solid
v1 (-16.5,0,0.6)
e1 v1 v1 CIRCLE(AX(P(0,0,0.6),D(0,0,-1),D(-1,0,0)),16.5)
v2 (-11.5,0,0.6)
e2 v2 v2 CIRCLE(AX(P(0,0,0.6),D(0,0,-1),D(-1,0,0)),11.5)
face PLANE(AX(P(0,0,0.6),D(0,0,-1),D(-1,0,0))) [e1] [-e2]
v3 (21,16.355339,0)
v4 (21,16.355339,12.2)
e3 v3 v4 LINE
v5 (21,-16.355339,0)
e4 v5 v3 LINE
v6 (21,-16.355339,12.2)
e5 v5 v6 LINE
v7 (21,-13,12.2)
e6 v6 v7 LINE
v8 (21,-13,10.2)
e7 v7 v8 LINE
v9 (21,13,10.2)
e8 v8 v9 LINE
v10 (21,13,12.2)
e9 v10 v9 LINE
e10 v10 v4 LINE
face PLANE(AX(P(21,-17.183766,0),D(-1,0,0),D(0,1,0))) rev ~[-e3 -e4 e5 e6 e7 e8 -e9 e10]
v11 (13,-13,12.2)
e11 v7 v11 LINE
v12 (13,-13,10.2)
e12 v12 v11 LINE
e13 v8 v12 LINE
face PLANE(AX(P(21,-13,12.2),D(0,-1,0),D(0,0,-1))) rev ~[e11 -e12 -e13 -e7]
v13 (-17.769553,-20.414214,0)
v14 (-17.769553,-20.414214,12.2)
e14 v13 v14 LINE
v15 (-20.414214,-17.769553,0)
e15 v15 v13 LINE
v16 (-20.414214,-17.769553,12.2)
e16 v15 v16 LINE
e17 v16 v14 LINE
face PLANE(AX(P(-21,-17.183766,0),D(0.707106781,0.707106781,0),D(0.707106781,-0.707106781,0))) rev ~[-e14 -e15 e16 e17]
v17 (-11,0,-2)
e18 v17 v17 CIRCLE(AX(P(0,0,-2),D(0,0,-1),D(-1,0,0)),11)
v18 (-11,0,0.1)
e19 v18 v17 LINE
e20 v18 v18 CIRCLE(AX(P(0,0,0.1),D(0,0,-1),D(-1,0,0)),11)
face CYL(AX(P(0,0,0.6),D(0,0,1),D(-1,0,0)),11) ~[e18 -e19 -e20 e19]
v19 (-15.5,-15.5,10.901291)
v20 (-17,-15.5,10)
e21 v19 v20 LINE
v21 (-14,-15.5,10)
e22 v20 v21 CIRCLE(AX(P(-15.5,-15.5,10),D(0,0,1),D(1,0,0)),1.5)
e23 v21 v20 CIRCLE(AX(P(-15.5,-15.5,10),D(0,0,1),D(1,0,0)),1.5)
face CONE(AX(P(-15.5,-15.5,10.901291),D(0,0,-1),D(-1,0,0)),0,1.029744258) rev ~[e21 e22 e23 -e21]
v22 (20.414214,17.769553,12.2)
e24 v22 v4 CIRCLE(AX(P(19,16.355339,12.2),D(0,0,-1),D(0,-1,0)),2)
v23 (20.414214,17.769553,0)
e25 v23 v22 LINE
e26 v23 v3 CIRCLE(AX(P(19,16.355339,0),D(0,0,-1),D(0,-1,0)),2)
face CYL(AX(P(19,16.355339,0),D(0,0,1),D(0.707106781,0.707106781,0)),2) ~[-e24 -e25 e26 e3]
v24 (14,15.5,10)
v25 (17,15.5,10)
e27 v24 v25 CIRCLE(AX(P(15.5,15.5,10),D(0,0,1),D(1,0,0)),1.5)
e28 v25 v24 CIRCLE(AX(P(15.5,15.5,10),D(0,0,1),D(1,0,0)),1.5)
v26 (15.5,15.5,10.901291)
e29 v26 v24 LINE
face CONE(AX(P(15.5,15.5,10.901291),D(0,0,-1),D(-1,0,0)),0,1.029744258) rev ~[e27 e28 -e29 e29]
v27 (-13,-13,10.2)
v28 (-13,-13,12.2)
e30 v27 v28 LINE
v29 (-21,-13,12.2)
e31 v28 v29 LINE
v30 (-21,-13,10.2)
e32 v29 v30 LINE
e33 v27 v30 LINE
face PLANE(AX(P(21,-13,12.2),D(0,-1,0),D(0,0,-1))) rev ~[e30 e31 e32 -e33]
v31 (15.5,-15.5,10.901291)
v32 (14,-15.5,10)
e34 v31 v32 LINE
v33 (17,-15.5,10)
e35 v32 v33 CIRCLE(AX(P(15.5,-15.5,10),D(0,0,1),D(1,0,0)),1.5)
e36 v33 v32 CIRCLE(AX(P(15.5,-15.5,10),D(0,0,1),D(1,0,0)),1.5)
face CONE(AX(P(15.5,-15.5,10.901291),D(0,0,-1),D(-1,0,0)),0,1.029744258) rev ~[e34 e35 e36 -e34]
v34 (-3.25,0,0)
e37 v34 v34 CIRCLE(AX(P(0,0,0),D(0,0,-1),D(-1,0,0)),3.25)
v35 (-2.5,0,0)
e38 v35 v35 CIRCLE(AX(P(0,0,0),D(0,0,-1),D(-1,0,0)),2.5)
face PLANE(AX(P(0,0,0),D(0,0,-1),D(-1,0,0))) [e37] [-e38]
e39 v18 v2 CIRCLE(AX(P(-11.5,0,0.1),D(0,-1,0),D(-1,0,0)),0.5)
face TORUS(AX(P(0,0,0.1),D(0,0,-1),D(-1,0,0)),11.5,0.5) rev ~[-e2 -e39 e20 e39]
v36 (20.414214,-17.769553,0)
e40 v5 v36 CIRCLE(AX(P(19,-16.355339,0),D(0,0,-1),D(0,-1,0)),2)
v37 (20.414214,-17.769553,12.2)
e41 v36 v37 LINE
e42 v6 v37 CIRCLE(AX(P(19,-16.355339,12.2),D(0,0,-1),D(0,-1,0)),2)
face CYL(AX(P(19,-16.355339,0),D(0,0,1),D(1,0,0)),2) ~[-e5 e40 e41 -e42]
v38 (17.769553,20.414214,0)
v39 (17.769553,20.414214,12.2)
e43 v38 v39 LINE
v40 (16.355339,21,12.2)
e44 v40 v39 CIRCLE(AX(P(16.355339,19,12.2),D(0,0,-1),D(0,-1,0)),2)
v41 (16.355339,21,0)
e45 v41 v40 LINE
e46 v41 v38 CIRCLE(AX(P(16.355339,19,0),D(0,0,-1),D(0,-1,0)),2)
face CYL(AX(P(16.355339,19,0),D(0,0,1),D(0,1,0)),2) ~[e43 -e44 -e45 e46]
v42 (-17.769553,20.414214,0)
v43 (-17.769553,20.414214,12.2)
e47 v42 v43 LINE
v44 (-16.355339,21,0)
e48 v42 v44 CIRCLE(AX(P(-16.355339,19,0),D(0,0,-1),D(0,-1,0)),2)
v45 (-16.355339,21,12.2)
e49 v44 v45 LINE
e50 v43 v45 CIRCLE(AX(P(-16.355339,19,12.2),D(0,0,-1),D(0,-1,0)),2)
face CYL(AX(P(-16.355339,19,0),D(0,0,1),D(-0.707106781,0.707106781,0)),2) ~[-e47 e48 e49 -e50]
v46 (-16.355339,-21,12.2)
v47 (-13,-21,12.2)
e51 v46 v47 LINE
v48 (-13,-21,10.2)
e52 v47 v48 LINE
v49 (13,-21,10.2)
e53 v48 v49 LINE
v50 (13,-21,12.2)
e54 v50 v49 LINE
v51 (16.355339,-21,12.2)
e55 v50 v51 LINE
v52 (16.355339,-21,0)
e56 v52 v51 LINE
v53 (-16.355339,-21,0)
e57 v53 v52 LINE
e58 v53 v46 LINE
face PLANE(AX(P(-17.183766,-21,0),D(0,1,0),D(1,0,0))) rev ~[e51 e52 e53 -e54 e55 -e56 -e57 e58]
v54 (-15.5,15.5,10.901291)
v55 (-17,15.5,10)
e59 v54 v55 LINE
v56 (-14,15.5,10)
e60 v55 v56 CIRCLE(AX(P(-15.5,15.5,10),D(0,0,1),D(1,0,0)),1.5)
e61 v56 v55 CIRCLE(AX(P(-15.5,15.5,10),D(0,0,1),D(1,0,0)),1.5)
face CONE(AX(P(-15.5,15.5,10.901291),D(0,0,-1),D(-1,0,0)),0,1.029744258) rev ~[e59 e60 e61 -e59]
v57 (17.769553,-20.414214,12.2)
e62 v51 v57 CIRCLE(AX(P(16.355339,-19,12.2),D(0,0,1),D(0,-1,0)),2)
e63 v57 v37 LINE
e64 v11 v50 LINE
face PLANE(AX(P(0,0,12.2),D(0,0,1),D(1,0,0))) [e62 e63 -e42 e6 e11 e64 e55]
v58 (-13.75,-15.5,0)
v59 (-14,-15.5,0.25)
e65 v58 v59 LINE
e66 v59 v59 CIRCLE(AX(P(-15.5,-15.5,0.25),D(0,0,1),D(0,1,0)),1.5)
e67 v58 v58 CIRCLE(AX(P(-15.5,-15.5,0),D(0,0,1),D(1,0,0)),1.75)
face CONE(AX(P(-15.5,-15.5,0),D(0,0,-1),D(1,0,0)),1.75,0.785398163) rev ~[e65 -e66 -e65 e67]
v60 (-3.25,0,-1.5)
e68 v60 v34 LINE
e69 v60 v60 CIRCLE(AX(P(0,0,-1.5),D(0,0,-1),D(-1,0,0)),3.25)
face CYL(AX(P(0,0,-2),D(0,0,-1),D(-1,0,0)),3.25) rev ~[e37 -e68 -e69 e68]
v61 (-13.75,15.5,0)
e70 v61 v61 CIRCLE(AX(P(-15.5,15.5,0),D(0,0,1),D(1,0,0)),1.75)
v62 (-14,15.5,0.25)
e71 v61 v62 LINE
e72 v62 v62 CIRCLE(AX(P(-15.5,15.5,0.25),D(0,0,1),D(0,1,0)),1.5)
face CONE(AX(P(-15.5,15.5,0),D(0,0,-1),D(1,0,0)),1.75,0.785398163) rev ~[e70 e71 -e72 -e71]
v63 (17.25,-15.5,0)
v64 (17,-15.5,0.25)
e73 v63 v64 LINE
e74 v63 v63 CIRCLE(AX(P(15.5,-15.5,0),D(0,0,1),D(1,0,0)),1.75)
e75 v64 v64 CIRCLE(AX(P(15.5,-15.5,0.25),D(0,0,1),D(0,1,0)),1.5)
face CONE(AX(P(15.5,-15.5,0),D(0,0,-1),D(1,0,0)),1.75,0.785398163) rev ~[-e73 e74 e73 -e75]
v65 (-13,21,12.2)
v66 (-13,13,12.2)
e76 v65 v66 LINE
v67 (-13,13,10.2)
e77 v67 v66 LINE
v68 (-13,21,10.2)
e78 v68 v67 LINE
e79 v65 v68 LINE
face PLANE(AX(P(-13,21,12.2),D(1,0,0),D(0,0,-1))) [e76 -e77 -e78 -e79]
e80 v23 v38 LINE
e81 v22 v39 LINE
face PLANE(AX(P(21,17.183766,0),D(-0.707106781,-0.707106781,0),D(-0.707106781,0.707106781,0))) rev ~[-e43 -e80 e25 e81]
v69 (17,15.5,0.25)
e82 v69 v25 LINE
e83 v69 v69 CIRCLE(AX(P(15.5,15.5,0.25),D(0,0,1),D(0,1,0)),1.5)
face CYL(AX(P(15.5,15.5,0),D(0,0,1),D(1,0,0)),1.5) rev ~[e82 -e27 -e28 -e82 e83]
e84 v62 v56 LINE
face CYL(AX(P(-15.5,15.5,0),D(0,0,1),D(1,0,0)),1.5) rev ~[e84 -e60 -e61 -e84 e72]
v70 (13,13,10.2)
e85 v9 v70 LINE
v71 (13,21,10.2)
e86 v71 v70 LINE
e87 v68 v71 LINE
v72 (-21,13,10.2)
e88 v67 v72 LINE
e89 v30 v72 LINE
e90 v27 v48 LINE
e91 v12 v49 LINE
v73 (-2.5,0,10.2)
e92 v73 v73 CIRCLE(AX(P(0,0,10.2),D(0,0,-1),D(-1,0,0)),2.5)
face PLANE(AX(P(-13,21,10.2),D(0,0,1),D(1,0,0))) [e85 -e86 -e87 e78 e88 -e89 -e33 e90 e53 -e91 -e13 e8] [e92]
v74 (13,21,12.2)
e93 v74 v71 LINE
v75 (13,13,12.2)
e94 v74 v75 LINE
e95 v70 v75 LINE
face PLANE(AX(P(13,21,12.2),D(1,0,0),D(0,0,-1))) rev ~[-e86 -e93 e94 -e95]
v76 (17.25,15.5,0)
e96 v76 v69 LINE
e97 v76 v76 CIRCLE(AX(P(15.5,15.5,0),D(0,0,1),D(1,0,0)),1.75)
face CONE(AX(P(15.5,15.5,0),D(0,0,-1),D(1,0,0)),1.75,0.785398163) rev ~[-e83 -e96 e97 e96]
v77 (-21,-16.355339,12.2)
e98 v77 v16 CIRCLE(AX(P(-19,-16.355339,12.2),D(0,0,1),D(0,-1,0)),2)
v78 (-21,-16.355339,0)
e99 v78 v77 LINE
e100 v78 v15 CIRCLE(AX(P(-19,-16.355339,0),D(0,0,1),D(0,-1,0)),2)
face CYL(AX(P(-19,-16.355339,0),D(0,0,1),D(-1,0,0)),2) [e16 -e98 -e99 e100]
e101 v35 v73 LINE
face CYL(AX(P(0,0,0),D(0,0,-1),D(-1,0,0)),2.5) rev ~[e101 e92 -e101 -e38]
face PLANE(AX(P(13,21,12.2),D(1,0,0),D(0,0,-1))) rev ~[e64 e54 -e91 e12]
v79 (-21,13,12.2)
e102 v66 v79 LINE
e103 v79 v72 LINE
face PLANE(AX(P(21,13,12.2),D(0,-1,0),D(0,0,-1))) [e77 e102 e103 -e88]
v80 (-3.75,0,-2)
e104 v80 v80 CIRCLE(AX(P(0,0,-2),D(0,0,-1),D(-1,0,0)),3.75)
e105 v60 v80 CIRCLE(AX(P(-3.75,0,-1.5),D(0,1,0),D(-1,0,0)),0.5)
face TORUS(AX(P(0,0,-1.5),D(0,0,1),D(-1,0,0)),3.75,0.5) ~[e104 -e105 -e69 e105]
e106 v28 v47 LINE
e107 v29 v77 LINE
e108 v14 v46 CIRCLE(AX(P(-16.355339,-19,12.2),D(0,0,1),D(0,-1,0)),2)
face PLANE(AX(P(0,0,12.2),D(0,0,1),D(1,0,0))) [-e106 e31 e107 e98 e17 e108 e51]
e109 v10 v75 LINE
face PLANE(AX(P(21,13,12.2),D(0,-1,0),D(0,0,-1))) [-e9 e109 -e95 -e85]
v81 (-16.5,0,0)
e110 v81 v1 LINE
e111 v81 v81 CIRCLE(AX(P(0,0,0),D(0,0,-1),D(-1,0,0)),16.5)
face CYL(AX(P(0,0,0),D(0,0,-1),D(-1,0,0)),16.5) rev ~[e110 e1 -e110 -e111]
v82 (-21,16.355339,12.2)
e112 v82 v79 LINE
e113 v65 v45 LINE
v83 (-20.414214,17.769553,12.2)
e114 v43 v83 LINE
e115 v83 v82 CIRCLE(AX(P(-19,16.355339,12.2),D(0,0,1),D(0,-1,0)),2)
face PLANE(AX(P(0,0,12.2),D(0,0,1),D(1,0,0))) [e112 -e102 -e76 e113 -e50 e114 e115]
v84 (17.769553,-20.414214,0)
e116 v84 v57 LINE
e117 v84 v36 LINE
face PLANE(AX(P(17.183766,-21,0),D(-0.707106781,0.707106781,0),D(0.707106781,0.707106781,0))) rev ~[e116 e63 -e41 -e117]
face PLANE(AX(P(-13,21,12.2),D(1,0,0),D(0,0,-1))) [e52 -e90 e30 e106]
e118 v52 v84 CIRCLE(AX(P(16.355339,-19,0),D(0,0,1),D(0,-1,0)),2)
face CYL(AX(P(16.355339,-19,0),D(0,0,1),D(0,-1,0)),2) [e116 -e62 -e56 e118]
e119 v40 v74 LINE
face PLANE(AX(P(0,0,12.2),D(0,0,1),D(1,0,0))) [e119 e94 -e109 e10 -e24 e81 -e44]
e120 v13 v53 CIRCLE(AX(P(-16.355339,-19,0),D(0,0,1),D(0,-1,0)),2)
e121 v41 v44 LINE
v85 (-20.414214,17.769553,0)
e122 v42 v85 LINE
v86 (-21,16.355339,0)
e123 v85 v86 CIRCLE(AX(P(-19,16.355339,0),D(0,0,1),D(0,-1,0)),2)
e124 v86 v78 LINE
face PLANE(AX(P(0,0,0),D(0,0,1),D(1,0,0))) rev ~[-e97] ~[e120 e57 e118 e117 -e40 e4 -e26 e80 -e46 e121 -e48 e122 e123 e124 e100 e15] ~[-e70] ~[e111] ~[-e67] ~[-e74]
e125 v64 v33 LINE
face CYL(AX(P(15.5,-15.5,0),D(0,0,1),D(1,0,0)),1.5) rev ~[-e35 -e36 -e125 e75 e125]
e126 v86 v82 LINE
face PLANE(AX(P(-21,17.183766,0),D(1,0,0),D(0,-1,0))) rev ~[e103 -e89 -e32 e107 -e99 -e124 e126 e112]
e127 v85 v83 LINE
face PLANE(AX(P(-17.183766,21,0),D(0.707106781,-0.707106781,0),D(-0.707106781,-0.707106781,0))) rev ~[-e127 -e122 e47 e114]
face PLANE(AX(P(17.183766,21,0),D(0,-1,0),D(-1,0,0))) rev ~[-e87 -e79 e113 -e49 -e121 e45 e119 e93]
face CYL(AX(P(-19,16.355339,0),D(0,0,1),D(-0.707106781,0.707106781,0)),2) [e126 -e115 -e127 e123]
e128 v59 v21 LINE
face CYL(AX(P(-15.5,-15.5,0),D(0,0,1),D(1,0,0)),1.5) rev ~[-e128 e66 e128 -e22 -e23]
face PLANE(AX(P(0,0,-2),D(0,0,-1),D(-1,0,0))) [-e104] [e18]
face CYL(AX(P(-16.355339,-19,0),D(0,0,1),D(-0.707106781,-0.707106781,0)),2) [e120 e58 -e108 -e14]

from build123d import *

# Parameters (mm, degrees)
BOSS_EXTRUDE1_DEPTH             = 12.2
SKETCH2_W                       = 2
SKETCH2_H                       = 26
CUT_EXTRUDE1_DEPTH              = 43
SKETCH3_W                       = 26
SKETCH3_H                       = 2
CUT_EXTRUDE2_DEPTH              = 43
SKETCH4_R                       = 16.5
CUT_EXTRUDE3_DEPTH              = 0.6
SKETCH5_R                       = 11
BOSS_EXTRUDE2_DEPTH             = 2.6
SKETCH6_R                       = 3.25
CUT_EXTRUDE4_DEPTH              = 2
SKETCH7_R                       = 2.5
CUT_EXTRUDE5_DEPTH              = 13.2
FILLET1_R                       = 0.5
FILLET3_R                       = 0.5
FILLET4_R                       = 2
M3X0_5_TAPPED_HOLE1_D           = 3
M3X0_5_TAPPED_HOLE1_DEPTH       = 10
M3X0_5_TAPPED_HOLE1_CSINK_D     = 3.5
M3X0_5_TAPPED_HOLE1_CSINK_ANGLE = 90
M3X0_5_TAPPED_HOLE1_TIP         = 0.901290929


with BuildPart() as part:
    # Sketch1 → Boss-Extrude1 (new body)
    with BuildSketch(Plane.XY):
        Polygon((-17.183766184, 21), (-21, 17.183766184), (-21, -17.183766184), (-17.183766184, -21), (17.183766184, -21), (21, -17.183766184), (21, 17.183766184), (17.183766184, 21), align=None)
    extrude(amount=BOSS_EXTRUDE1_DEPTH)

    # Sketch2 → Cut-Extrude1 (cut, through all)
    with BuildSketch(Plane(origin=(21, 0, 0), x_dir=(0, 0, -1), z_dir=(1, 0, 0))):
        with Locations((-11.2, 0)):
            Rectangle(SKETCH2_W, SKETCH2_H)
    extrude(amount=-CUT_EXTRUDE1_DEPTH, mode=Mode.SUBTRACT)

    # Sketch3 → Cut-Extrude2 (cut, through all)
    with BuildSketch(Plane(origin=(0, 21, 0), x_dir=(1, 0, 0), z_dir=(0, 1, 0))):
        with Locations((0, -11.2)):
            Rectangle(SKETCH3_W, SKETCH3_H)
    extrude(amount=-CUT_EXTRUDE2_DEPTH, mode=Mode.SUBTRACT)

    # Sketch4 → Cut-Extrude3 (cut)
    with BuildSketch(Plane(origin=(0, 0, 0), x_dir=(-1, 0, 0), z_dir=(0, 0, -1))):
        Circle(SKETCH4_R)
    extrude(amount=-CUT_EXTRUDE3_DEPTH, mode=Mode.SUBTRACT)

    # Sketch5 → Boss-Extrude2 (add)
    with BuildSketch(Plane(origin=(0, 0, 0.6), x_dir=(-1, 0, 0), z_dir=(0, 0, -1))):
        Circle(SKETCH5_R)
    extrude(amount=BOSS_EXTRUDE2_DEPTH)

    # Sketch6 → Cut-Extrude4 (cut)
    with BuildSketch(Plane(origin=(0, 0, -2), x_dir=(-1, 0, 0), z_dir=(0, 0, -1))):
        Circle(SKETCH6_R)
    extrude(amount=-CUT_EXTRUDE4_DEPTH, mode=Mode.SUBTRACT)

    # Sketch7 → Cut-Extrude5 (cut, through all)
    with BuildSketch(Plane(origin=(0, 0, 0), x_dir=(-1, 0, 0), z_dir=(0, 0, -1))):
        Circle(SKETCH7_R)
    extrude(amount=-CUT_EXTRUDE5_DEPTH, mode=Mode.SUBTRACT)

    # Fillet1
    fillet1_edges = [part.edges().sort_by_distance(p)[0] for p in [
        (3.25, 0, -2),
    ]]
    fillet(fillet1_edges, radius=FILLET1_R)

    # Fillet3
    fillet3_edges = [part.edges().sort_by_distance(p)[0] for p in [
        (11, 0, 0.6),
    ]]
    fillet(fillet3_edges, radius=FILLET3_R)

    # Fillet4
    fillet4_edges = [part.edges().sort_by_distance(p)[0] for p in [
        (17.183766184, 21, 6.1),
        (21, 17.183766184, 6.1),
        (21, -17.183766184, 6.1),
        (17.183766184, -21, 6.1),
        (-17.183766184, -21, 6.1),
        (-21, -17.183766184, 6.1),
        (-21, 17.183766184, 6.1),
        (-17.183766184, 21, 6.1),
    ]]
    fillet(fillet4_edges, radius=FILLET4_R)

    # M3x0.5 Tapped Hole1
    with Locations(Plane(origin=(0, 0, 0), x_dir=(-1, 0, 0), z_dir=(0, 0, -1))):
        with Locations((-15.5, -15.5), (-15.5, 15.5), (15.5, 15.5), (15.5, -15.5)):
            CounterSinkHole(M3X0_5_TAPPED_HOLE1_D / 2, M3X0_5_TAPPED_HOLE1_CSINK_D / 2, depth=M3X0_5_TAPPED_HOLE1_DEPTH, counter_sink_angle=M3X0_5_TAPPED_HOLE1_CSINK_ANGLE)
            with Locations((0, 0, -(M3X0_5_TAPPED_HOLE1_DEPTH + M3X0_5_TAPPED_HOLE1_TIP / 2))):  # 118° drill point
                Cone(0, M3X0_5_TAPPED_HOLE1_D / 2, M3X0_5_TAPPED_HOLE1_TIP, mode=Mode.SUBTRACT)


solid = part.part
